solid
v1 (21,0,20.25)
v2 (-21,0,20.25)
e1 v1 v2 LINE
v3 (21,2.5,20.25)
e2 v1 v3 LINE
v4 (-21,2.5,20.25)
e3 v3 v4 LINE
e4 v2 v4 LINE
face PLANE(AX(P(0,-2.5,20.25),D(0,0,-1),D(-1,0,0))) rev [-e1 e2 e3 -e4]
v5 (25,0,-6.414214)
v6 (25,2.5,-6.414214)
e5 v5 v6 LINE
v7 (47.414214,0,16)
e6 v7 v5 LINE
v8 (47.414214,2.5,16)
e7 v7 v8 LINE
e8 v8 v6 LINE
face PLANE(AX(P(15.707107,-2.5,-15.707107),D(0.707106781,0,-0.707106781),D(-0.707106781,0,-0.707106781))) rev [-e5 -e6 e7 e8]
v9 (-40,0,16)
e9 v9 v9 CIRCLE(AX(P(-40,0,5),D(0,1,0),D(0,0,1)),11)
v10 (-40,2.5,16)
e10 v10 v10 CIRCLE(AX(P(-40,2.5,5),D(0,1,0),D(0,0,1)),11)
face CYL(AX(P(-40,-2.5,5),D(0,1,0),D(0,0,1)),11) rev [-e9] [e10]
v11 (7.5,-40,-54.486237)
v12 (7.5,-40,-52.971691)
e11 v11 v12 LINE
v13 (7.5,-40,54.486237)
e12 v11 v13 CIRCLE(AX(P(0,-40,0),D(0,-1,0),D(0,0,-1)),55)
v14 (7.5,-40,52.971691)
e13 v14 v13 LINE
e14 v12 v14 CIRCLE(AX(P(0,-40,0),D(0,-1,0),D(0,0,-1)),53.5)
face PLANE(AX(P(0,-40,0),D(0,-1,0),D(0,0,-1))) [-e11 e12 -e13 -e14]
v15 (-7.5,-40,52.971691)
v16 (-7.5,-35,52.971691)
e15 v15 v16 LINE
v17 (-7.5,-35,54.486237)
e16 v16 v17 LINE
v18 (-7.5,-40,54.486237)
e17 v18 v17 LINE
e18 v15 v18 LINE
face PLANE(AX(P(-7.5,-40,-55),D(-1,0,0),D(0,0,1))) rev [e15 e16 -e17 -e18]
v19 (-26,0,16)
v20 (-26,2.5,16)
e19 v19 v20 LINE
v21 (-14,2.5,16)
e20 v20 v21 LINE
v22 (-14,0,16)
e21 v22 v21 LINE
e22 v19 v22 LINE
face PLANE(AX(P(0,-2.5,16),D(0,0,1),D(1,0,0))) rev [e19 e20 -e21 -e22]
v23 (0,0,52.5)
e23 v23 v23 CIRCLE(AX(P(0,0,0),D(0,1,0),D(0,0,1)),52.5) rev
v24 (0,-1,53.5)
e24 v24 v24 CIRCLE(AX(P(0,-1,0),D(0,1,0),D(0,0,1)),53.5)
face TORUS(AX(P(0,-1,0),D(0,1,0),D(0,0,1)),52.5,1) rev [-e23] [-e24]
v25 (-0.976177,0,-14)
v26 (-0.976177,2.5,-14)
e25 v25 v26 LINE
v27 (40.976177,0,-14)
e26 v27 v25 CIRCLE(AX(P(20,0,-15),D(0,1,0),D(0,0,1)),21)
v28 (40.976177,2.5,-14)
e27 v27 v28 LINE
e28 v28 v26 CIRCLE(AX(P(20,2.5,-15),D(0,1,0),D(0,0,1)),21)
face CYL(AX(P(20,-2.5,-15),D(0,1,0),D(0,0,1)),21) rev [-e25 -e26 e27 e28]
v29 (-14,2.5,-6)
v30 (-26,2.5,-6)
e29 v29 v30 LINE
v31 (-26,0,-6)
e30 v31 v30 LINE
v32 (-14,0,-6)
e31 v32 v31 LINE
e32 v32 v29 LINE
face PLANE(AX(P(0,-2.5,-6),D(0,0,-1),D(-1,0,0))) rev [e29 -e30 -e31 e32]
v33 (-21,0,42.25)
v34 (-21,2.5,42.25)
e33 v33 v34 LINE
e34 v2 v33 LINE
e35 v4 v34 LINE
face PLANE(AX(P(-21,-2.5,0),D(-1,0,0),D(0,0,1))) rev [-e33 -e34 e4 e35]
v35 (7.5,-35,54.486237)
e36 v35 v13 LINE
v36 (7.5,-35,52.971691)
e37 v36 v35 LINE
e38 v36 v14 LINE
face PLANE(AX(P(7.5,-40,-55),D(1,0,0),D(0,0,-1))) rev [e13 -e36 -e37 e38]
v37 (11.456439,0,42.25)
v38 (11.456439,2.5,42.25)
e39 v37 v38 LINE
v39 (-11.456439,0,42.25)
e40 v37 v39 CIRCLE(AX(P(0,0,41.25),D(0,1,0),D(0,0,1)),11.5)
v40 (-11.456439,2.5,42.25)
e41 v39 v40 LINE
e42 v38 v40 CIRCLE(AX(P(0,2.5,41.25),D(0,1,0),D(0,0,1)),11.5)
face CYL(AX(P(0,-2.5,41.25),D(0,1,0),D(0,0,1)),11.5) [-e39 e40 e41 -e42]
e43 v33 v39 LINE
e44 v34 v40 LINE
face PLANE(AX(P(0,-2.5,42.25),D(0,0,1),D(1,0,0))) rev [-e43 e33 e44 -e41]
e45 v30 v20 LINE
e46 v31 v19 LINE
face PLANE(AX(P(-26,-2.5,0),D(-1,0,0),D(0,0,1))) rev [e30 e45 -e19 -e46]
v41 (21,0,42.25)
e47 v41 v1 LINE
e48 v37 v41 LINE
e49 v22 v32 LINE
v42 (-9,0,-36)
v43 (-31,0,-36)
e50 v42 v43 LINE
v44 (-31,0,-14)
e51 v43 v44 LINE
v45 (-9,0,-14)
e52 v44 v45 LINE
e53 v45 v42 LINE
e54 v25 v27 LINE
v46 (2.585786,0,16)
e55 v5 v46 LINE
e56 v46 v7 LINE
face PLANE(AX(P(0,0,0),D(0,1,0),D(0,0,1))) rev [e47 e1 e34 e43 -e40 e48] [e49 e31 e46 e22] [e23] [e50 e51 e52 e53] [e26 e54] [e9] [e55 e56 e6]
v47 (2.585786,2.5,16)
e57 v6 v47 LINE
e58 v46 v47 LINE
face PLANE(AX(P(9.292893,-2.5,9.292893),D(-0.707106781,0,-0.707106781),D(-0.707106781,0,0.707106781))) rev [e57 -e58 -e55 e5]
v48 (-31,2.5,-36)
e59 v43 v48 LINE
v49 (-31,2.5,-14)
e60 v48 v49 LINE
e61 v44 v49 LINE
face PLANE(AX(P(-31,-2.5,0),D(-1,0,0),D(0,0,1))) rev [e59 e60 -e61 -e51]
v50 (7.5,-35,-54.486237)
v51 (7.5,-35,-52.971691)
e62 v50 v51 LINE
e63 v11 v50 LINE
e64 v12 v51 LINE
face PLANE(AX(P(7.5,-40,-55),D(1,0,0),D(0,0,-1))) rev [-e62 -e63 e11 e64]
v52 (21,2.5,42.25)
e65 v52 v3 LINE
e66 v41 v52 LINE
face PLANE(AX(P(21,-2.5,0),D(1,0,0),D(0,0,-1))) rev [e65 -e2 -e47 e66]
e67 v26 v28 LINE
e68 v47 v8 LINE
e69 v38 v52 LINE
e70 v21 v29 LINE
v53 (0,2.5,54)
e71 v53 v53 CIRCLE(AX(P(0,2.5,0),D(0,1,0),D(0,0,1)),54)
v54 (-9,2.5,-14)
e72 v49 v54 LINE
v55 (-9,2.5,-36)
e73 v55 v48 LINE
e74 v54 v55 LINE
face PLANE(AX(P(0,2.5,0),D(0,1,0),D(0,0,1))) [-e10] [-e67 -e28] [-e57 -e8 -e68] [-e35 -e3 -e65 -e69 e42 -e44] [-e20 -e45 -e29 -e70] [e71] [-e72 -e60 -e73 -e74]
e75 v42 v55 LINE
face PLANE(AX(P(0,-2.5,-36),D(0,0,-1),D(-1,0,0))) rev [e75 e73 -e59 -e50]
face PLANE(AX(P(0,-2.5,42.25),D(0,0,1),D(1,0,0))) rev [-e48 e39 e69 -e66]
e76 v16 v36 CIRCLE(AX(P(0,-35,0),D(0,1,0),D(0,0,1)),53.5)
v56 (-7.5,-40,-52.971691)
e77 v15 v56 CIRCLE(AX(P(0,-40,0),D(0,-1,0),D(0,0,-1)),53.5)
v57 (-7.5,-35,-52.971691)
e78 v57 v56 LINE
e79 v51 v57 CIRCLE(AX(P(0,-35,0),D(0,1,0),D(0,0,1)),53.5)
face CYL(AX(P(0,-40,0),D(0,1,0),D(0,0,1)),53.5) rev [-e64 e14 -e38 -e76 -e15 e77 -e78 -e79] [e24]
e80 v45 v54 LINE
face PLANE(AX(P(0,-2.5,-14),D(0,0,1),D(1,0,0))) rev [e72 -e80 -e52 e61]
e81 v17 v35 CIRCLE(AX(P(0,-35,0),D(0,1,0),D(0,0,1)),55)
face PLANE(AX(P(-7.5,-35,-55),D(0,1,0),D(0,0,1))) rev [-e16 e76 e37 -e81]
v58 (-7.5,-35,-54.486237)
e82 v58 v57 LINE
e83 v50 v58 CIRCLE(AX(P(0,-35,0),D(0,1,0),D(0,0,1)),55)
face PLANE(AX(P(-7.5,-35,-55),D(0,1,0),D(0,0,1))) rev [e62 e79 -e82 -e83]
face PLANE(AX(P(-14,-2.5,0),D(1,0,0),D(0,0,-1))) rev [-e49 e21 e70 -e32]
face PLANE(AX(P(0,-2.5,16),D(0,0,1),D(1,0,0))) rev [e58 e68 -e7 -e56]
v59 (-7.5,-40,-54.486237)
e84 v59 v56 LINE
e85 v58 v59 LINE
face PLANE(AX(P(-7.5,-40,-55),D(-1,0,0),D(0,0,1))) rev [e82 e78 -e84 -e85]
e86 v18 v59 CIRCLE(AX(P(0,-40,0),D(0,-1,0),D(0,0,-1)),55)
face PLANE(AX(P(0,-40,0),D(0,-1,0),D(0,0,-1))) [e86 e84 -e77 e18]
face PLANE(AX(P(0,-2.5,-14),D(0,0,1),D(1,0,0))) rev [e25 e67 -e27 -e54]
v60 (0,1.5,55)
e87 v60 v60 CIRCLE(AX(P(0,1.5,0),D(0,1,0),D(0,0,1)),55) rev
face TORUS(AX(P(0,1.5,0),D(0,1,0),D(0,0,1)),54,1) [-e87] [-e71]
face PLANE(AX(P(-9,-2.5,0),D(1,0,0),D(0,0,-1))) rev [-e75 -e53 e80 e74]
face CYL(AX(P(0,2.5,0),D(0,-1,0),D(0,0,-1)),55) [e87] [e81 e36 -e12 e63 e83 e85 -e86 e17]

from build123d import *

# Parameters (mm, degrees)
SKETCH1_R               = 55
SKETCH1_R_2             = 10
SKETCH1_W               = 20
SKETCH1_H               = 20
SKETCH1_W_2             = 10
SKETCH1_W_3             = 40
BOSS_EXTRUDE1_DEPTH     = 2.5
BOSS_EXTRUDE2_START     = 40
SKETCH2_R               = 55
SKETCH2_R_2             = 53.5
BOSS_EXTRUDE2_DEPTH     = 40
CUT_EXTRUDE1_START      = -5
SKETCH3_W               = 22
SKETCH3_H               = 22
SKETCH3_W_2             = 20
SKETCH3_H_2             = 20
SKETCH3_W_3             = 12
SKETCH3_W_4             = 10
SKETCH3_R               = 11
SKETCH3_R_2             = 10
CUT_EXTRUDE1_DEPTH      = 5
FILLET1_R               = 1
FILLET2_R               = 1
CUT_EXTRUDE2_DEPTH      = 88.464278486
CUT_EXTRUDE2_DEPTH_BACK = 88.464278486
SKETCH4_W               = 15
SKETCH4_H               = 5


with BuildPart() as part:
    # Sketch1 → Boss-Extrude1 (new body)
    # profile 1 of 2: a face of its own
    with BuildSketch(Plane(origin=(0, 0, 0), x_dir=(1, 0, 0), z_dir=(0, 1, 0))):
        with Locations(Location((0, 0, 0), (0, 0, 270))):
            Circle(SKETCH1_R)
        with Locations(Location((-40, -5, 0), (0, 0, 270))):
            Circle(SKETCH1_R_2, mode=Mode.SUBTRACT)
        with Locations((-20, 25)):
            Rectangle(SKETCH1_W, SKETCH1_H, mode=Mode.SUBTRACT)
        with Locations((-20, -5)):
            Rectangle(SKETCH1_W_2, SKETCH1_H, mode=Mode.SUBTRACT)
        Polygon((5, -15), (25, 5), (45, -15), align=None, mode=Mode.SUBTRACT)
        with Locations((0, -31.25)):
            Rectangle(SKETCH1_W_3, SKETCH1_H, mode=Mode.SUBTRACT)
        with BuildLine():
            Line((0, 15), (40, 15))
            ThreePointArc((40, 15), (20, 35), (0, 15))
        make_face(mode=Mode.SUBTRACT)
    # profile 2 of 2: a face of its own
    with BuildSketch(Plane(origin=(0, 0, 0), x_dir=(1, 0, 0), z_dir=(0, 1, 0))):
        with BuildLine():
            ThreePointArc((12.5, -41.25), (0, -28.75), (-12.5, -41.25))
            Line((-12.5, -41.25), (12.5, -41.25))
        make_face()
    extrude(amount=BOSS_EXTRUDE1_DEPTH)

    # Sketch2 → Boss-Extrude2 (add)
    with BuildSketch(Plane.XZ.offset(BOSS_EXTRUDE2_START)):
        with Locations(Location((0, 0, 0), (0, 0, 270))):
            Circle(SKETCH2_R)
        with Locations(Location((0, 0, 0), (0, 0, 270))):
            Circle(SKETCH2_R_2, mode=Mode.SUBTRACT)
    extrude(amount=-BOSS_EXTRUDE2_DEPTH)

    # Sketch3 → Cut-Extrude1 (cut)
    # profile 1 of 6: a face of its own
    with BuildSketch(Plane(origin=(0, 2.5, 0), x_dir=(1, 0, 0), z_dir=(0, 1, 0)).offset(CUT_EXTRUDE1_START)):
        with Locations((-20, 25)):
            Rectangle(SKETCH3_W, SKETCH3_H)
        with Locations((-20, 25)):
            Rectangle(SKETCH3_W_2, SKETCH3_H_2, mode=Mode.SUBTRACT)
    # profile 2 of 6: a face of its own
    with BuildSketch(Plane(origin=(0, 2.5, 0), x_dir=(1, 0, 0), z_dir=(0, 1, 0)).offset(CUT_EXTRUDE1_START)):
        with BuildLine():
            ThreePointArc((40.976176963, 14), (20, 36), (-0.976176963, 14))
            Line((-0.976176963, 14), (40.976176963, 14))
        make_face()
        with BuildLine():
            Line((40, 15), (0, 15))
            ThreePointArc((0, 15), (20, 35), (40, 15))
        make_face(mode=Mode.SUBTRACT)
    # profile 3 of 6: a face of its own
    with BuildSketch(Plane(origin=(0, 2.5, 0), x_dir=(1, 0, 0), z_dir=(0, 1, 0)).offset(CUT_EXTRUDE1_START)):
        with Locations((-20, -5)):
            Rectangle(SKETCH3_W_3, SKETCH3_H)
        with Locations((-20, -5)):
            Rectangle(SKETCH3_W_4, SKETCH3_H_2, mode=Mode.SUBTRACT)
    # profile 4 of 6: a face of its own
    with BuildSketch(Plane(origin=(0, 2.5, 0), x_dir=(1, 0, 0), z_dir=(0, 1, 0)).offset(CUT_EXTRUDE1_START)):
        Polygon((47.414213562, -16), (25, 6.414213562), (2.585786438, -16), align=None)
        Polygon((5, -15), (25, 5), (45, -15), align=None, mode=Mode.SUBTRACT)
    # profile 5 of 6: a face of its own
    with BuildSketch(Plane(origin=(0, 2.5, 0), x_dir=(1, 0, 0), z_dir=(0, 1, 0)).offset(CUT_EXTRUDE1_START)):
        with BuildLine():
            Line((21, -42.25), (21, -20.25))
            Line((21, -20.25), (-21, -20.25))
            Line((-21, -20.25), (-21, -42.25))
            Line((-21, -42.25), (-11.456439237, -42.25))
            ThreePointArc((-11.456439237, -42.25), (0, -29.75), (11.456439237, -42.25))
            Line((11.456439237, -42.25), (21, -42.25))
        make_face()
        with BuildLine():
            Line((-20, -21.25), (20, -21.25))
            Line((20, -21.25), (20, -41.25))
            Line((20, -41.25), (12.5, -41.25))
            ThreePointArc((12.5, -41.25), (0, -28.75), (-12.5, -41.25))
            Line((-12.5, -41.25), (-20, -41.25))
            Line((-20, -41.25), (-20, -21.25))
        make_face(mode=Mode.SUBTRACT)
    # profile 6 of 6: a face of its own
    with BuildSketch(Plane(origin=(0, 2.5, 0), x_dir=(1, 0, 0), z_dir=(0, 1, 0)).offset(CUT_EXTRUDE1_START)):
        with Locations(Location((-40, -5, 0), (0, 0, 270))):
            Circle(SKETCH3_R)
        with Locations((-40, -5)):
            Circle(SKETCH3_R_2, mode=Mode.SUBTRACT)
    extrude(amount=CUT_EXTRUDE1_DEPTH, mode=Mode.SUBTRACT)

    # Fillet1
    fillet1_edges = [part.edges().sort_by_distance(p)[0] for p in [
        (0, 2.5, -55),
    ]]
    fillet(fillet1_edges, radius=FILLET1_R)

    # Fillet2
    fillet2_edges = [part.edges().sort_by_distance(p)[0] for p in [
        (0, 0, 53.5),
    ]]
    fillet(fillet2_edges, radius=FILLET2_R)

    # Sketch4 → Cut-Extrude2 (cut, two sides: drawn at the far end of the back side and taken through both)
    with BuildSketch(Plane.XY.offset(-CUT_EXTRUDE2_DEPTH_BACK)):
        with Locations((0, -37.5)):
            Rectangle(SKETCH4_W, SKETCH4_H)
    extrude(amount=CUT_EXTRUDE2_DEPTH + CUT_EXTRUDE2_DEPTH_BACK, mode=Mode.SUBTRACT)


solid = part.part
